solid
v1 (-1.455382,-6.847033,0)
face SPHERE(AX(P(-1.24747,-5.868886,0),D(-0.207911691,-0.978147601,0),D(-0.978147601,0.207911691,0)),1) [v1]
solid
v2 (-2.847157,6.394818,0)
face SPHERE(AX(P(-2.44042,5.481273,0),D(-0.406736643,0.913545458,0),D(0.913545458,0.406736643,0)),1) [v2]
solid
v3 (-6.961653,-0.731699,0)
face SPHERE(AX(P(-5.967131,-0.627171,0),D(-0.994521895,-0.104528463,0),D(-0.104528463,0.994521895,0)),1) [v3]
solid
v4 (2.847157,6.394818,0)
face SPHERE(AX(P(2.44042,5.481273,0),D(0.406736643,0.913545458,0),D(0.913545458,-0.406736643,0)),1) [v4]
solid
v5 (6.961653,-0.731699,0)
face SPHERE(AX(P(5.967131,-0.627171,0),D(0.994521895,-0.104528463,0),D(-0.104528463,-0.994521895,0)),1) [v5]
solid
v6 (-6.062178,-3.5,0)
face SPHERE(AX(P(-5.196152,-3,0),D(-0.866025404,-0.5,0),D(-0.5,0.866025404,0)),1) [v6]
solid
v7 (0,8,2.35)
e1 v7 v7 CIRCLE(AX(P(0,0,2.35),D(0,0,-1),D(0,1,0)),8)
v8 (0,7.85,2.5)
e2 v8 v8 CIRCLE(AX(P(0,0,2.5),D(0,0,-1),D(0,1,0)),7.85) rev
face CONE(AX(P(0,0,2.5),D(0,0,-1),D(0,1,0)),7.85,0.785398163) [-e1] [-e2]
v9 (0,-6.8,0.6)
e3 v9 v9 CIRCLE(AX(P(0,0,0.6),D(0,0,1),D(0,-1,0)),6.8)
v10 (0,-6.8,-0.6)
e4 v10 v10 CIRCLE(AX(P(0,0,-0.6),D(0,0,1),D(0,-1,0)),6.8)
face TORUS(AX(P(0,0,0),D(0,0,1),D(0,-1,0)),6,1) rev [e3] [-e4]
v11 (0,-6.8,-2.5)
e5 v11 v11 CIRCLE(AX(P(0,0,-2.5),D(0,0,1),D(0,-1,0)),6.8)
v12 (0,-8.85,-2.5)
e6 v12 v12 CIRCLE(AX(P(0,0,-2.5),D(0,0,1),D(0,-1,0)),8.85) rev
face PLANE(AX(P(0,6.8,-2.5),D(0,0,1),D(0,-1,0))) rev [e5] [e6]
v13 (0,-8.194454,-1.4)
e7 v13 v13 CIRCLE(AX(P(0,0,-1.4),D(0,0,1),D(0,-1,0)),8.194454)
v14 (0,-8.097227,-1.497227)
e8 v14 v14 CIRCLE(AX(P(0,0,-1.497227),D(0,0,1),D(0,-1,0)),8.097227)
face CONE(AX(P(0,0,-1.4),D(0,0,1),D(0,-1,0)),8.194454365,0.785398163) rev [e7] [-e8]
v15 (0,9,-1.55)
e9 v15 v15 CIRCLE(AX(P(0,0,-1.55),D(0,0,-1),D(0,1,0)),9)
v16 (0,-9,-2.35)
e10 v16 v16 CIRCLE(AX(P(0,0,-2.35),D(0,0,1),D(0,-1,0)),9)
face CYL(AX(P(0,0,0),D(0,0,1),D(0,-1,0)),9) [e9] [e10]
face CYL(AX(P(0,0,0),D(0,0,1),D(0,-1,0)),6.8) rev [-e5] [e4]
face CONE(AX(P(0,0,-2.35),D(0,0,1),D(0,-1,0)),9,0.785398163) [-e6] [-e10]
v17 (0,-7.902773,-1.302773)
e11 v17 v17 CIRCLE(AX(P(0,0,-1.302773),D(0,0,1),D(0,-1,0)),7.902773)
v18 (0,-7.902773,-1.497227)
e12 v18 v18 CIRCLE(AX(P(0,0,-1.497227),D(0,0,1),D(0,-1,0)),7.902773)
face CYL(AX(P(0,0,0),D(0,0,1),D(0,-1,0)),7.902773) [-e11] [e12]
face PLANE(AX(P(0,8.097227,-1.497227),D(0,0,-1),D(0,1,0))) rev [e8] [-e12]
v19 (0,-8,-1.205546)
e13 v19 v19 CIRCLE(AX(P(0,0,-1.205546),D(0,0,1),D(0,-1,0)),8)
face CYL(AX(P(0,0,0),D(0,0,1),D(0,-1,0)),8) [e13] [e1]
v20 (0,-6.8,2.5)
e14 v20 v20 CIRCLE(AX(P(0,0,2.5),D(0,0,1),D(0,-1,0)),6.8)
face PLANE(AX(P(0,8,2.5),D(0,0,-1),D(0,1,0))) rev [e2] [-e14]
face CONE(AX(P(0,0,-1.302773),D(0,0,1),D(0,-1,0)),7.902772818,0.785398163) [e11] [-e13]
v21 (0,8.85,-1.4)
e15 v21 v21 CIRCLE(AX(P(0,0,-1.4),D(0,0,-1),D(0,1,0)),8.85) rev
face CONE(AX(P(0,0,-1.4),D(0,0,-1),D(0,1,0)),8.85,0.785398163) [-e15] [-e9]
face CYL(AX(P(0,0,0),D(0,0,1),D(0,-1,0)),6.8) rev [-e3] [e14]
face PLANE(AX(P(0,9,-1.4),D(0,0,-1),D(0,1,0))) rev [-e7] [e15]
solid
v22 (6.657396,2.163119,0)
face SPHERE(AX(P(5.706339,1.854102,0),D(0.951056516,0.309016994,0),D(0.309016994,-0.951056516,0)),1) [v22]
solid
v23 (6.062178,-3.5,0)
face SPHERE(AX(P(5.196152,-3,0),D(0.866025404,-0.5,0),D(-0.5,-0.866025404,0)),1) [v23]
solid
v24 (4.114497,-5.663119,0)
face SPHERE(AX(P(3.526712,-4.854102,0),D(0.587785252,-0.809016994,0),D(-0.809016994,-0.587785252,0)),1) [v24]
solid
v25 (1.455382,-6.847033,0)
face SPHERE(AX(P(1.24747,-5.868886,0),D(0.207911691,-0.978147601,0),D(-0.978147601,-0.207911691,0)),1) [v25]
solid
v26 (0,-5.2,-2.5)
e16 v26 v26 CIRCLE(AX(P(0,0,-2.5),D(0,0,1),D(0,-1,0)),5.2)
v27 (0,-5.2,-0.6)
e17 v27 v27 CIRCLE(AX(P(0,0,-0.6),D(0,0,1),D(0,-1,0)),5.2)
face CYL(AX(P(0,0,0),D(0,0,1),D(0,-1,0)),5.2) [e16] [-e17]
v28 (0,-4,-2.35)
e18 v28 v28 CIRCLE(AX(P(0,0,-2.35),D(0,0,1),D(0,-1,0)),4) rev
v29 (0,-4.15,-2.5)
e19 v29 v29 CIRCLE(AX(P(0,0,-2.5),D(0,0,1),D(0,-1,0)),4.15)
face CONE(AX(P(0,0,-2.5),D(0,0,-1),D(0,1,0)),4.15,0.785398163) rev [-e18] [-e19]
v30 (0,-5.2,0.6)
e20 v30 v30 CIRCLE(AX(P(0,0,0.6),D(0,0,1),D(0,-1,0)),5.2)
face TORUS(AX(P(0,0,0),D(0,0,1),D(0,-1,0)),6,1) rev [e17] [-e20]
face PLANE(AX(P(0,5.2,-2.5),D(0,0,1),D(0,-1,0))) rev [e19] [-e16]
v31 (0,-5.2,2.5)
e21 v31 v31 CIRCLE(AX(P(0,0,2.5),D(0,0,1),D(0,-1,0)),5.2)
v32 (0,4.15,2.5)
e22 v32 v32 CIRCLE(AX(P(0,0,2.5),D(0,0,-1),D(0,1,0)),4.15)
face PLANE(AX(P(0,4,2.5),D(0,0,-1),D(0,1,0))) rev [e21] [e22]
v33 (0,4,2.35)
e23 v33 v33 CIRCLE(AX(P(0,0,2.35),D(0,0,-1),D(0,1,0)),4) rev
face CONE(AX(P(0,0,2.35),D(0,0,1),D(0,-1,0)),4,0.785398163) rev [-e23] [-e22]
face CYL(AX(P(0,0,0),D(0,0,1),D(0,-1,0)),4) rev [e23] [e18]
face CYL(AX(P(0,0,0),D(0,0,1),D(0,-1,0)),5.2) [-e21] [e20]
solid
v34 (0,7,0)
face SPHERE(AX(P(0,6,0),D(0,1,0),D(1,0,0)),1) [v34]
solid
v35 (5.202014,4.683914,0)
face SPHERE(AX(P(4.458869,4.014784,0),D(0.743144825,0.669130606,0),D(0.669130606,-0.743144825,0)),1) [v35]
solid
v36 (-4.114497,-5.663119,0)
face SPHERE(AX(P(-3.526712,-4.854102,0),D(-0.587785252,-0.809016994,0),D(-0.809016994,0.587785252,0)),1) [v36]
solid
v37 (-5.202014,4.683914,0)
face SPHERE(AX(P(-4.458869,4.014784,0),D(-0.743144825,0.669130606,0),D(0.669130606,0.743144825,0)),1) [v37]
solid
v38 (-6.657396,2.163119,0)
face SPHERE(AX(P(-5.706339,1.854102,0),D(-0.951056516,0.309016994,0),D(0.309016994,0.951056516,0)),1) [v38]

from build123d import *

# Parameters (mm, degrees)
FILLET1_SIZE      = 0.15
FILLET2_SIZE      = 0.15
CIRPATTERN3_COUNT = 15


with BuildPart() as part:
    # Sketch2 → Revolve1 (revolve)
    with BuildSketch(Plane(origin=(0, 0, 0), x_dir=(0, 0, -1), z_dir=(1, 0, 0))):
        with BuildLine():
            Line((2.5, 9), (1.4, 9))
            Line((1.4, 9), (1.4, 8.194454365))
            Line((1.4, 8.194454365), (1.497227182, 8.097227182))
            Line((1.497227182, 8.097227182), (1.497227182, 7.902772818))
            Line((1.497227182, 7.902772818), (1.302772818, 7.902772818))
            Line((1.302772818, 7.902772818), (1.205545635, 8))
            Line((1.205545635, 8), (-2.5, 8))
            Line((-2.5, 8), (-2.5, 6.8))
            Line((-2.5, 6.8), (-0.6, 6.8))
            ThreePointArc((-0.6, 6.8), (0, 7), (0.6, 6.8))
            Line((0.6, 6.8), (2.5, 6.8))
            Line((2.5, 6.8), (2.5, 9))
        make_face()
        with BuildLine():
            Line((2.5, 4), (-2.5, 4))
            Line((-2.5, 4), (-2.5, 5.2))
            Line((-2.5, 5.2), (-0.6, 5.2))
            ThreePointArc((-0.6, 5.2), (0, 5), (0.6, 5.2))
            Line((0.6, 5.2), (2.5, 5.2))
            Line((2.5, 5.2), (2.5, 4))
        make_face()
    revolve(axis=Axis((0, 0, 0), (0, 0, -1)))

    # Fillet1
    fillet1_edges = [part.edges().sort_by_distance(p)[0] for p in [
        (0, -9, -2.5),
        (0, -9, -1.4),
        (0, -8, 2.5),
    ]]
    chamfer(fillet1_edges, length=FILLET1_SIZE)

    # Fillet2
    fillet2_edges = [part.edges().sort_by_distance(p)[0] for p in [
        (0, -4, -2.5),
        (0, -4, 2.5),
    ]]
    chamfer(fillet2_edges, length=FILLET2_SIZE)


with BuildPart() as body_2:
    # Sketch7 → Revolve3 (revolve)
    with BuildSketch(Plane.XY):
        with BuildLine():
            Line((0, 7), (0, 5))
            ThreePointArc((0, 5), (-1, 6), (0, 7))
        make_face()
    revolve(axis=Axis((0, 7, 0), (0, -1, 0)))


with BuildPart() as cirpattern3_1:
    # CirPattern3: pattern copy
    add(body_2.part.rotate(Axis((0, 0, 0), (0, 0, -1)), 1 * 360 / CIRPATTERN3_COUNT))


with BuildPart() as cirpattern3_2:
    # CirPattern3: pattern copy
    add(body_2.part.rotate(Axis((0, 0, 0), (0, 0, -1)), 2 * 360 / CIRPATTERN3_COUNT))


with BuildPart() as cirpattern3_3:
    # CirPattern3: pattern copy
    add(body_2.part.rotate(Axis((0, 0, 0), (0, 0, -1)), 3 * 360 / CIRPATTERN3_COUNT))


with BuildPart() as cirpattern3_4:
    # CirPattern3: pattern copy
    add(body_2.part.rotate(Axis((0, 0, 0), (0, 0, -1)), 4 * 360 / CIRPATTERN3_COUNT))


with BuildPart() as cirpattern3_5:
    # CirPattern3: pattern copy
    add(body_2.part.rotate(Axis((0, 0, 0), (0, 0, -1)), 5 * 360 / CIRPATTERN3_COUNT))


with BuildPart() as cirpattern3_6:
    # CirPattern3: pattern copy
    add(body_2.part.rotate(Axis((0, 0, 0), (0, 0, -1)), 6 * 360 / CIRPATTERN3_COUNT))


with BuildPart() as cirpattern3_7:
    # CirPattern3: pattern copy
    add(body_2.part.rotate(Axis((0, 0, 0), (0, 0, -1)), 7 * 360 / CIRPATTERN3_COUNT))


with BuildPart() as cirpattern3_8:
    # CirPattern3: pattern copy
    add(body_2.part.rotate(Axis((0, 0, 0), (0, 0, -1)), 8 * 360 / CIRPATTERN3_COUNT))


with BuildPart() as cirpattern3_9:
    # CirPattern3: pattern copy
    add(body_2.part.rotate(Axis((0, 0, 0), (0, 0, -1)), 9 * 360 / CIRPATTERN3_COUNT))


with BuildPart() as cirpattern3_10:
    # CirPattern3: pattern copy
    add(body_2.part.rotate(Axis((0, 0, 0), (0, 0, -1)), 10 * 360 / CIRPATTERN3_COUNT))


with BuildPart() as cirpattern3_11:
    # CirPattern3: pattern copy
    add(body_2.part.rotate(Axis((0, 0, 0), (0, 0, -1)), 11 * 360 / CIRPATTERN3_COUNT))


with BuildPart() as cirpattern3_12:
    # CirPattern3: pattern copy
    add(body_2.part.rotate(Axis((0, 0, 0), (0, 0, -1)), 12 * 360 / CIRPATTERN3_COUNT))


with BuildPart() as cirpattern3_13:
    # CirPattern3: pattern copy
    add(body_2.part.rotate(Axis((0, 0, 0), (0, 0, -1)), 13 * 360 / CIRPATTERN3_COUNT))


with BuildPart() as cirpattern3_14:
    # CirPattern3: pattern copy
    add(body_2.part.rotate(Axis((0, 0, 0), (0, 0, -1)), 14 * 360 / CIRPATTERN3_COUNT))


solid = Compound([part.part, body_2.part, cirpattern3_1.part, cirpattern3_2.part, cirpattern3_3.part, cirpattern3_4.part, cirpattern3_5.part, cirpattern3_6.part, cirpattern3_7.part, cirpattern3_8.part, cirpattern3_9.part, cirpattern3_10.part, cirpattern3_11.part, cirpattern3_12.part, cirpattern3_13.part, cirpattern3_14.part])
